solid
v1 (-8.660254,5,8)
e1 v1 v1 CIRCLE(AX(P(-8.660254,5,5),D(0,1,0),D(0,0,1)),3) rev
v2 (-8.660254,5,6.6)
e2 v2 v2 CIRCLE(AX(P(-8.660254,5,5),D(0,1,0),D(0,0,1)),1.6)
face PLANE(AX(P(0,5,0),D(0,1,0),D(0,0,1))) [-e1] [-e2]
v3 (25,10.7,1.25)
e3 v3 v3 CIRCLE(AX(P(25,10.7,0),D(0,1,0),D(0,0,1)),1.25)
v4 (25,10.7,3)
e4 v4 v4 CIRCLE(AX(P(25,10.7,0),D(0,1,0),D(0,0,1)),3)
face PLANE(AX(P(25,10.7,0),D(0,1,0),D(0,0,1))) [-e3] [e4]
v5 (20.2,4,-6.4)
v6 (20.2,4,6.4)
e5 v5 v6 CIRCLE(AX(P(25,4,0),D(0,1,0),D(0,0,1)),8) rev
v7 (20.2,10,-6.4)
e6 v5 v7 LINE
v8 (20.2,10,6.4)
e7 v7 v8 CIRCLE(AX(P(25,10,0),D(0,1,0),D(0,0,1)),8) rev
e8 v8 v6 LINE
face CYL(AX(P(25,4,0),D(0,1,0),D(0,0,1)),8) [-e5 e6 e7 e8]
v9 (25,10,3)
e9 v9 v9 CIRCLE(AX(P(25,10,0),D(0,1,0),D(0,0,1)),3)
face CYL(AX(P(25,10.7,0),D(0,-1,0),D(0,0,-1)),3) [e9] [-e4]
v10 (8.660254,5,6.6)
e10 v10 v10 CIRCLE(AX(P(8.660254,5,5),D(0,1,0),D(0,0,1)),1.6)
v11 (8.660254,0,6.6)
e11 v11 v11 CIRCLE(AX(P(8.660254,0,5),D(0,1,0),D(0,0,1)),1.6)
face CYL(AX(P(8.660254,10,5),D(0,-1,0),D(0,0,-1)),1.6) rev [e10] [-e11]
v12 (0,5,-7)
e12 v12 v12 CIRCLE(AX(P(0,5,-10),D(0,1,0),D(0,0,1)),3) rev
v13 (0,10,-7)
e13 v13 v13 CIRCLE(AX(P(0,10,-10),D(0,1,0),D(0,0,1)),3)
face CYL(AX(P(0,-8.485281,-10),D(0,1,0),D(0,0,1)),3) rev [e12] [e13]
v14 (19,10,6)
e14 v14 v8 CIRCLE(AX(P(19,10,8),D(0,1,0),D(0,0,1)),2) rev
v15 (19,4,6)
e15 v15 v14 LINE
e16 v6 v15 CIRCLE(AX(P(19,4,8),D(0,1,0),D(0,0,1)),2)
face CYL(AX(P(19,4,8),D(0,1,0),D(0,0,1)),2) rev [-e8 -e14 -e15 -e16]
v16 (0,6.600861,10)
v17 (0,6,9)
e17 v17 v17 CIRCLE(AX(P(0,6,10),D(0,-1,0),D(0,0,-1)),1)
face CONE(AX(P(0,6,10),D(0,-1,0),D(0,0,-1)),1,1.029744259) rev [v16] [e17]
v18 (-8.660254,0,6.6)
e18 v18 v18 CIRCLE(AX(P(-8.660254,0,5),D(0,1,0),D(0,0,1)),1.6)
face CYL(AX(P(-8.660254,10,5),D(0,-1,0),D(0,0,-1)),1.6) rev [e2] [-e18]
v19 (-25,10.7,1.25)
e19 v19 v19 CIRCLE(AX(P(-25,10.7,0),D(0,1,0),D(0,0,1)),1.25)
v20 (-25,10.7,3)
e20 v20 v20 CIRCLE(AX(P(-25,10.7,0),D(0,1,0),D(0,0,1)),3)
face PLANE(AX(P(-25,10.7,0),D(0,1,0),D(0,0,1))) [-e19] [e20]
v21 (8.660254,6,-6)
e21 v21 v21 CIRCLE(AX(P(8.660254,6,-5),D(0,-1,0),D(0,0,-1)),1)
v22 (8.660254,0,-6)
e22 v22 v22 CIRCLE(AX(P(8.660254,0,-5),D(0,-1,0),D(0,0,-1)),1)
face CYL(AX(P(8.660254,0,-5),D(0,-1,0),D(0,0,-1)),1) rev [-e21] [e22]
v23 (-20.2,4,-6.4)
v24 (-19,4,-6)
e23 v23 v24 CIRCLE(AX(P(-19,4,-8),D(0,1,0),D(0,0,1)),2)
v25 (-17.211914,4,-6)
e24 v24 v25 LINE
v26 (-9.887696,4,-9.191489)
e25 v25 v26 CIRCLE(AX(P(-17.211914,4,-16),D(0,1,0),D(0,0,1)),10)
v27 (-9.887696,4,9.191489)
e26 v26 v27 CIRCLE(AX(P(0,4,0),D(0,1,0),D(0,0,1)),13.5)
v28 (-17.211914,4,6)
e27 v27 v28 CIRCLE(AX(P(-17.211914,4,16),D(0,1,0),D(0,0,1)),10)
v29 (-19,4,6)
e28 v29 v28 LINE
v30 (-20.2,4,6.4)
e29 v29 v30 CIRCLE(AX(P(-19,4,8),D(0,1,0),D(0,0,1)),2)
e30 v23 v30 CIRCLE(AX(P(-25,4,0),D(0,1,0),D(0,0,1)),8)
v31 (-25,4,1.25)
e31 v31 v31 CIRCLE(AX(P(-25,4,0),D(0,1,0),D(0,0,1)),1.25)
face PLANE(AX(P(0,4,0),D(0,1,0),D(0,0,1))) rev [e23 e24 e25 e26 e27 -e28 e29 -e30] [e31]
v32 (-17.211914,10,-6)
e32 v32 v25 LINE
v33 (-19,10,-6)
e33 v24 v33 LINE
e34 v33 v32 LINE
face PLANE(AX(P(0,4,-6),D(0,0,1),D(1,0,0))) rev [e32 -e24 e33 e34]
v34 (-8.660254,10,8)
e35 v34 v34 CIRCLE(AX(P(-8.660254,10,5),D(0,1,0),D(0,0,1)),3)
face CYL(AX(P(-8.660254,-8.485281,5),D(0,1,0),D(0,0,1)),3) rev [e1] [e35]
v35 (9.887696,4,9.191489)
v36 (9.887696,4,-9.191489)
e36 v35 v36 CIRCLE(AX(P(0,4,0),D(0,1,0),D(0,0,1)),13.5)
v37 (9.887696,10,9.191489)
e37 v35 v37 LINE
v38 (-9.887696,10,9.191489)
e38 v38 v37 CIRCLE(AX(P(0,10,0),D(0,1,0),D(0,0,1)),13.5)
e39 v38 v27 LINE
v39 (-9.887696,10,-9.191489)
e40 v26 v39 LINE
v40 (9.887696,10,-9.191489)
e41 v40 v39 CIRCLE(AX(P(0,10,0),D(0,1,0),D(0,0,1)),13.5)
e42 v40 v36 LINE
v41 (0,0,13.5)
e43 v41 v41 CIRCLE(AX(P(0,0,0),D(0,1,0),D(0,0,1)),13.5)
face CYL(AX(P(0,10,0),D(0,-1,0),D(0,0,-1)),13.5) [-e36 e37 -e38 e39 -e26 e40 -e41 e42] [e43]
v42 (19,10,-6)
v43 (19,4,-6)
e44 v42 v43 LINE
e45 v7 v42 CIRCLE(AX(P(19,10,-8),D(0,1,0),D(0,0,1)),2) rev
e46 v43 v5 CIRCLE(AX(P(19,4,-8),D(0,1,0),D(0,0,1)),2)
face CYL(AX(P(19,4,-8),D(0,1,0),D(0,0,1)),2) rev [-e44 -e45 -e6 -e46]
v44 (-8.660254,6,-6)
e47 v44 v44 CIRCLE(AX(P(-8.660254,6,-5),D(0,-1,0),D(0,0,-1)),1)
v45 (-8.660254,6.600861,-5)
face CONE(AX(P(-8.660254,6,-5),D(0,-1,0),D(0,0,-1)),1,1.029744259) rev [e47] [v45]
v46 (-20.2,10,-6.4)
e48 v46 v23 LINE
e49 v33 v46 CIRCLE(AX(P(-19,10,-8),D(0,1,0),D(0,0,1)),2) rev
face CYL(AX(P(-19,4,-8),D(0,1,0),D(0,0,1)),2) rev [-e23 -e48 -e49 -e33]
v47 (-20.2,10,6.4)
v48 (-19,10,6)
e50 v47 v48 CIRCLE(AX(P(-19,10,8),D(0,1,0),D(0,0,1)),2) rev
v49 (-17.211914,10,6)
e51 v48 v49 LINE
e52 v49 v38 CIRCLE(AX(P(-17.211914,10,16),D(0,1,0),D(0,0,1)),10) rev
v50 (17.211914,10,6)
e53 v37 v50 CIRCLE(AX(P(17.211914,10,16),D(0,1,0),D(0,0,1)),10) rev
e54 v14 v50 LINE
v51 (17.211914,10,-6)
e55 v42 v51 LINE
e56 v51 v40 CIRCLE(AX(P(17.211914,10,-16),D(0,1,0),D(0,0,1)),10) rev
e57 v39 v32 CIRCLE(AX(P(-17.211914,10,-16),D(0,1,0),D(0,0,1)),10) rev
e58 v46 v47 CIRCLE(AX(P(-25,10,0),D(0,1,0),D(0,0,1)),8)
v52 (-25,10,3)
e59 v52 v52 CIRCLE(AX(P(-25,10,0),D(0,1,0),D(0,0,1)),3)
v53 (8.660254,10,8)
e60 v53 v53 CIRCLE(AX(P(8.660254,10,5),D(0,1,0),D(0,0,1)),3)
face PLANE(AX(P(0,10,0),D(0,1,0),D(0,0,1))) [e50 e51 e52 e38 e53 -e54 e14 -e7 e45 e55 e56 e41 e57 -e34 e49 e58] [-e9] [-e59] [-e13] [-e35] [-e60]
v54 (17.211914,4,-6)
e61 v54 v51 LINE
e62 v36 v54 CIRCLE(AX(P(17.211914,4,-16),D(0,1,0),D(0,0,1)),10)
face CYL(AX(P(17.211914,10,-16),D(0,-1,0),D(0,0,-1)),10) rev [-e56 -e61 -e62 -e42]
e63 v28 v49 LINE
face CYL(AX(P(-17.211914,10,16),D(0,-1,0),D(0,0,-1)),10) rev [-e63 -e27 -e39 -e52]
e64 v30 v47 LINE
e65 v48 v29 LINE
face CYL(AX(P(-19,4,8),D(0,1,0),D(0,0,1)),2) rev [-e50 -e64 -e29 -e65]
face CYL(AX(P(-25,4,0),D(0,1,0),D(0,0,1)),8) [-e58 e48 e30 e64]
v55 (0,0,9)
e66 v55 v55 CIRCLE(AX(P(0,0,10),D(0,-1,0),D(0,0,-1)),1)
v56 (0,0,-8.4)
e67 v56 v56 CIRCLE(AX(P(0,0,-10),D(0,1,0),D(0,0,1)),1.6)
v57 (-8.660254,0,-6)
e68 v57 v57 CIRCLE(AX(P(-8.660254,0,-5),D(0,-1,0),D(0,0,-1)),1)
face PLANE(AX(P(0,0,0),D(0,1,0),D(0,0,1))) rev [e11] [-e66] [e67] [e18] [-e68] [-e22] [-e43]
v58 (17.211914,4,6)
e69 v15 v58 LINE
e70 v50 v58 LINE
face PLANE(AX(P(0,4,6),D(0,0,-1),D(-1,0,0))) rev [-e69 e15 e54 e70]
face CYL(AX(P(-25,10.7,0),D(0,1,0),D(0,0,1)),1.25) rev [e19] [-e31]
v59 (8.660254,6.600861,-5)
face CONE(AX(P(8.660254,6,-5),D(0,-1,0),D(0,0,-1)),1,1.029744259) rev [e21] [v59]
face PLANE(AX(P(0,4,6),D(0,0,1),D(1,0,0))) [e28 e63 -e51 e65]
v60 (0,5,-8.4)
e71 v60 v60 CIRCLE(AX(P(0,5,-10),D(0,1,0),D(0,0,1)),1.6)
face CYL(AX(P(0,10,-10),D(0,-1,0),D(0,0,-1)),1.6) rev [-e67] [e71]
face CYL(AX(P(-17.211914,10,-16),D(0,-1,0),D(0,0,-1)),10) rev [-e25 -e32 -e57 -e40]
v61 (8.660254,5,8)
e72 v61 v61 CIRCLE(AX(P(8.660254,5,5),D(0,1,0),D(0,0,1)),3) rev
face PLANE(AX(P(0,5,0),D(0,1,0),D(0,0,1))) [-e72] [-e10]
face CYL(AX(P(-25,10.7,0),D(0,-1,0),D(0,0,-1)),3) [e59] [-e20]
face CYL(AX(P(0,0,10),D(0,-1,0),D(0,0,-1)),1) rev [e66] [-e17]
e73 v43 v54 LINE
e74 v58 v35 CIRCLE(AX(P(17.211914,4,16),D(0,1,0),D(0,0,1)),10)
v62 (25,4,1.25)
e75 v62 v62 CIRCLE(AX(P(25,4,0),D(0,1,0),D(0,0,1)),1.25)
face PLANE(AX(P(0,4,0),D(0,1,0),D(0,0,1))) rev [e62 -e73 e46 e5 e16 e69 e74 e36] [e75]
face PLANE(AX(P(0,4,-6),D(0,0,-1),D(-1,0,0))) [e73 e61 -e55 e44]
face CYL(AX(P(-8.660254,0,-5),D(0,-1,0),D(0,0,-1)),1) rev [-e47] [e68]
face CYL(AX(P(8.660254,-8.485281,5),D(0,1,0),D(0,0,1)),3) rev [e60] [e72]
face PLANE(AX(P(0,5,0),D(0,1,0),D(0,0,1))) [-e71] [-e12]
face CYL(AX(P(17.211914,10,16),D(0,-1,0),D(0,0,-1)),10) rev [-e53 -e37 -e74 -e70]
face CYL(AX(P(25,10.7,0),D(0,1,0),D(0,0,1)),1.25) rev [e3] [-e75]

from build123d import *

# Parameters (mm, degrees)
SKETCH_1_R          = 13.5
SKETCH_1_R_2        = 1.6
EXTRUDE_1_DEPTH     = 10
EXTRUDE_START       = -6
SKETCH_2_R          = 1
EXTRUDE_2_DEPTH     = 6
SKETCH_3_R          = 3
CUT_EXTRUDE_1_DEPTH = 5
SKETCH_4_R          = 3
SKETCH_4_R_2        = 1
EXTRUDE_3_DEPTH     = 0.7
FILLET_1_R          = 10
FILLET_2_R          = 2
HOLE_WIZARD_M3_1_D  = 2.5
F_2_0MM_2_D         = 2
F_2_0MM_2_DEPTH     = 6
F_2_0MM_2_TIP       = 0.600860619


with BuildPart() as part:
    # 草图1 → 凸台-拉伸1 (new body)
    with BuildSketch(Plane(origin=(0, 0, 0), x_dir=(1, 0, 0), z_dir=(0, 1, 0))):
        with Locations(Location((0, 0, 0), (0, 0, 270))):
            Circle(SKETCH_1_R)
        with Locations(Location((0, 10, 0), (0, 0, 270))):
            Circle(SKETCH_1_R_2, mode=Mode.SUBTRACT)
        with Locations(Location((8.660254038, -5, 0), (0, 0, 270))):
            Circle(SKETCH_1_R_2, mode=Mode.SUBTRACT)
        with Locations(Location((-8.660254038, -5, 0), (0, 0, 270))):
            Circle(SKETCH_1_R_2, mode=Mode.SUBTRACT)
    extrude(amount=EXTRUDE_1_DEPTH)

    # 草图2 → 凸台-拉伸2 (add)
    # profile 1 of 2: a face of its own
    with BuildSketch(Plane(origin=(0, 10, 0), x_dir=(1, 0, 0), z_dir=(0, 1, 0)).offset(EXTRUDE_START)):
        with BuildLine():
            Line((-12.093386622, 6), (-19.708497378, 6))
            ThreePointArc((-19.708497378, 6), (-33, 0), (-19.708497378, -6))
            Line((-19.708497378, -6), (-12.093386622, -6))
            ThreePointArc((-12.093386622, -6), (-13.5, 0), (-12.093386622, 6))
        make_face()
        with Locations(Location((-25, 0, 0), (0, 0, 270))):
            Circle(SKETCH_2_R, mode=Mode.SUBTRACT)
    # profile 2 of 2: a face of its own
    with BuildSketch(Plane(origin=(0, 10, 0), x_dir=(1, 0, 0), z_dir=(0, 1, 0)).offset(EXTRUDE_START)):
        with BuildLine():
            ThreePointArc((13.5, 0), (13.143643319, -3.08133742), (12.093386622, -6))
            Line((12.093386622, -6), (19.708497378, -6))
            ThreePointArc((19.708497378, -6), (33, 0), (19.708497378, 6))
            Line((19.708497378, 6), (12.093386622, 6))
            ThreePointArc((12.093386622, 6), (13.143643319, 3.08133742), (13.5, 0))
        make_face()
        with Locations(Location((25, 0, 0), (0, 0, 270))):
            Circle(SKETCH_2_R, mode=Mode.SUBTRACT)
    extrude(amount=EXTRUDE_2_DEPTH)

    # 草图3 → 切除-拉伸1 (cut)
    with BuildSketch(Plane(origin=(0, 10, 0), x_dir=(1, 0, 0), z_dir=(0, 1, 0))):
        with Locations(Location((0, 10, 0), (0, 0, 270))):
            Circle(SKETCH_3_R)
        with Locations(Location((8.660254038, -5, 0), (0, 0, 270))):
            Circle(SKETCH_3_R)
        with Locations(Location((-8.660254038, -5, 0), (0, 0, 270))):
            Circle(SKETCH_3_R)
    extrude(amount=-CUT_EXTRUDE_1_DEPTH, mode=Mode.SUBTRACT)

    # 草图4 → 凸台-拉伸3 (add)
    # profile 1 of 2: a face of its own
    with BuildSketch(Plane(origin=(0, 10, 0), x_dir=(1, 0, 0), z_dir=(0, 1, 0))):
        with Locations(Location((-25, 0, 0), (0, 0, 270))):
            Circle(SKETCH_4_R)
        with Locations(Location((-25, 0, 0), (0, 0, 270))):
            Circle(SKETCH_4_R_2, mode=Mode.SUBTRACT)
    # profile 2 of 2: a face of its own
    with BuildSketch(Plane(origin=(0, 10, 0), x_dir=(1, 0, 0), z_dir=(0, 1, 0))):
        with Locations(Location((25, 0, 0), (0, 0, 270))):
            Circle(SKETCH_4_R)
        with Locations(Location((25, 0, 0), (0, 0, 270))):
            Circle(SKETCH_4_R_2, mode=Mode.SUBTRACT)
    extrude(amount=EXTRUDE_3_DEPTH)

    # 圆角1
    fillet_1_edges = [part.edges().sort_by_distance(p)[0] for p in [
        (-12.093386622, 7, -6),
        (-12.093386622, 7, 6),
        (12.093386622, 7, 6),
        (12.093386622, 7, -6),
    ]]
    fillet(fillet_1_edges, radius=FILLET_1_R)

    # 圆角2
    fillet_2_edges = [part.edges().sort_by_distance(p)[0] for p in [
        (-19.708497378, 7, -6),
        (-19.708497378, 7, 6),
        (19.708497378, 7, -6),
        (19.708497378, 7, 6),
    ]]
    fillet(fillet_2_edges, radius=FILLET_2_R)

    # M3 螺纹孔1 (through all)
    with Locations(Plane(origin=(0, 10.7, 0), x_dir=(1, 0, 0), z_dir=(0, 1, 0))):
        with Locations((-25, 0), (25, 0)):
            Hole(HOLE_WIZARD_M3_1_D / 2)

    # Ø2.0mm 暗销孔2
    with Locations(Plane.XZ):
        with Locations((-8.660254038, -5), (0, 10), (8.660254038, -5)):
            Hole(F_2_0MM_2_D / 2, depth=F_2_0MM_2_DEPTH)
            with Locations((0, 0, -(F_2_0MM_2_DEPTH + F_2_0MM_2_TIP / 2))):  # 118° drill point
                Cone(0, F_2_0MM_2_D / 2, F_2_0MM_2_TIP, mode=Mode.SUBTRACT)


solid = part.part
